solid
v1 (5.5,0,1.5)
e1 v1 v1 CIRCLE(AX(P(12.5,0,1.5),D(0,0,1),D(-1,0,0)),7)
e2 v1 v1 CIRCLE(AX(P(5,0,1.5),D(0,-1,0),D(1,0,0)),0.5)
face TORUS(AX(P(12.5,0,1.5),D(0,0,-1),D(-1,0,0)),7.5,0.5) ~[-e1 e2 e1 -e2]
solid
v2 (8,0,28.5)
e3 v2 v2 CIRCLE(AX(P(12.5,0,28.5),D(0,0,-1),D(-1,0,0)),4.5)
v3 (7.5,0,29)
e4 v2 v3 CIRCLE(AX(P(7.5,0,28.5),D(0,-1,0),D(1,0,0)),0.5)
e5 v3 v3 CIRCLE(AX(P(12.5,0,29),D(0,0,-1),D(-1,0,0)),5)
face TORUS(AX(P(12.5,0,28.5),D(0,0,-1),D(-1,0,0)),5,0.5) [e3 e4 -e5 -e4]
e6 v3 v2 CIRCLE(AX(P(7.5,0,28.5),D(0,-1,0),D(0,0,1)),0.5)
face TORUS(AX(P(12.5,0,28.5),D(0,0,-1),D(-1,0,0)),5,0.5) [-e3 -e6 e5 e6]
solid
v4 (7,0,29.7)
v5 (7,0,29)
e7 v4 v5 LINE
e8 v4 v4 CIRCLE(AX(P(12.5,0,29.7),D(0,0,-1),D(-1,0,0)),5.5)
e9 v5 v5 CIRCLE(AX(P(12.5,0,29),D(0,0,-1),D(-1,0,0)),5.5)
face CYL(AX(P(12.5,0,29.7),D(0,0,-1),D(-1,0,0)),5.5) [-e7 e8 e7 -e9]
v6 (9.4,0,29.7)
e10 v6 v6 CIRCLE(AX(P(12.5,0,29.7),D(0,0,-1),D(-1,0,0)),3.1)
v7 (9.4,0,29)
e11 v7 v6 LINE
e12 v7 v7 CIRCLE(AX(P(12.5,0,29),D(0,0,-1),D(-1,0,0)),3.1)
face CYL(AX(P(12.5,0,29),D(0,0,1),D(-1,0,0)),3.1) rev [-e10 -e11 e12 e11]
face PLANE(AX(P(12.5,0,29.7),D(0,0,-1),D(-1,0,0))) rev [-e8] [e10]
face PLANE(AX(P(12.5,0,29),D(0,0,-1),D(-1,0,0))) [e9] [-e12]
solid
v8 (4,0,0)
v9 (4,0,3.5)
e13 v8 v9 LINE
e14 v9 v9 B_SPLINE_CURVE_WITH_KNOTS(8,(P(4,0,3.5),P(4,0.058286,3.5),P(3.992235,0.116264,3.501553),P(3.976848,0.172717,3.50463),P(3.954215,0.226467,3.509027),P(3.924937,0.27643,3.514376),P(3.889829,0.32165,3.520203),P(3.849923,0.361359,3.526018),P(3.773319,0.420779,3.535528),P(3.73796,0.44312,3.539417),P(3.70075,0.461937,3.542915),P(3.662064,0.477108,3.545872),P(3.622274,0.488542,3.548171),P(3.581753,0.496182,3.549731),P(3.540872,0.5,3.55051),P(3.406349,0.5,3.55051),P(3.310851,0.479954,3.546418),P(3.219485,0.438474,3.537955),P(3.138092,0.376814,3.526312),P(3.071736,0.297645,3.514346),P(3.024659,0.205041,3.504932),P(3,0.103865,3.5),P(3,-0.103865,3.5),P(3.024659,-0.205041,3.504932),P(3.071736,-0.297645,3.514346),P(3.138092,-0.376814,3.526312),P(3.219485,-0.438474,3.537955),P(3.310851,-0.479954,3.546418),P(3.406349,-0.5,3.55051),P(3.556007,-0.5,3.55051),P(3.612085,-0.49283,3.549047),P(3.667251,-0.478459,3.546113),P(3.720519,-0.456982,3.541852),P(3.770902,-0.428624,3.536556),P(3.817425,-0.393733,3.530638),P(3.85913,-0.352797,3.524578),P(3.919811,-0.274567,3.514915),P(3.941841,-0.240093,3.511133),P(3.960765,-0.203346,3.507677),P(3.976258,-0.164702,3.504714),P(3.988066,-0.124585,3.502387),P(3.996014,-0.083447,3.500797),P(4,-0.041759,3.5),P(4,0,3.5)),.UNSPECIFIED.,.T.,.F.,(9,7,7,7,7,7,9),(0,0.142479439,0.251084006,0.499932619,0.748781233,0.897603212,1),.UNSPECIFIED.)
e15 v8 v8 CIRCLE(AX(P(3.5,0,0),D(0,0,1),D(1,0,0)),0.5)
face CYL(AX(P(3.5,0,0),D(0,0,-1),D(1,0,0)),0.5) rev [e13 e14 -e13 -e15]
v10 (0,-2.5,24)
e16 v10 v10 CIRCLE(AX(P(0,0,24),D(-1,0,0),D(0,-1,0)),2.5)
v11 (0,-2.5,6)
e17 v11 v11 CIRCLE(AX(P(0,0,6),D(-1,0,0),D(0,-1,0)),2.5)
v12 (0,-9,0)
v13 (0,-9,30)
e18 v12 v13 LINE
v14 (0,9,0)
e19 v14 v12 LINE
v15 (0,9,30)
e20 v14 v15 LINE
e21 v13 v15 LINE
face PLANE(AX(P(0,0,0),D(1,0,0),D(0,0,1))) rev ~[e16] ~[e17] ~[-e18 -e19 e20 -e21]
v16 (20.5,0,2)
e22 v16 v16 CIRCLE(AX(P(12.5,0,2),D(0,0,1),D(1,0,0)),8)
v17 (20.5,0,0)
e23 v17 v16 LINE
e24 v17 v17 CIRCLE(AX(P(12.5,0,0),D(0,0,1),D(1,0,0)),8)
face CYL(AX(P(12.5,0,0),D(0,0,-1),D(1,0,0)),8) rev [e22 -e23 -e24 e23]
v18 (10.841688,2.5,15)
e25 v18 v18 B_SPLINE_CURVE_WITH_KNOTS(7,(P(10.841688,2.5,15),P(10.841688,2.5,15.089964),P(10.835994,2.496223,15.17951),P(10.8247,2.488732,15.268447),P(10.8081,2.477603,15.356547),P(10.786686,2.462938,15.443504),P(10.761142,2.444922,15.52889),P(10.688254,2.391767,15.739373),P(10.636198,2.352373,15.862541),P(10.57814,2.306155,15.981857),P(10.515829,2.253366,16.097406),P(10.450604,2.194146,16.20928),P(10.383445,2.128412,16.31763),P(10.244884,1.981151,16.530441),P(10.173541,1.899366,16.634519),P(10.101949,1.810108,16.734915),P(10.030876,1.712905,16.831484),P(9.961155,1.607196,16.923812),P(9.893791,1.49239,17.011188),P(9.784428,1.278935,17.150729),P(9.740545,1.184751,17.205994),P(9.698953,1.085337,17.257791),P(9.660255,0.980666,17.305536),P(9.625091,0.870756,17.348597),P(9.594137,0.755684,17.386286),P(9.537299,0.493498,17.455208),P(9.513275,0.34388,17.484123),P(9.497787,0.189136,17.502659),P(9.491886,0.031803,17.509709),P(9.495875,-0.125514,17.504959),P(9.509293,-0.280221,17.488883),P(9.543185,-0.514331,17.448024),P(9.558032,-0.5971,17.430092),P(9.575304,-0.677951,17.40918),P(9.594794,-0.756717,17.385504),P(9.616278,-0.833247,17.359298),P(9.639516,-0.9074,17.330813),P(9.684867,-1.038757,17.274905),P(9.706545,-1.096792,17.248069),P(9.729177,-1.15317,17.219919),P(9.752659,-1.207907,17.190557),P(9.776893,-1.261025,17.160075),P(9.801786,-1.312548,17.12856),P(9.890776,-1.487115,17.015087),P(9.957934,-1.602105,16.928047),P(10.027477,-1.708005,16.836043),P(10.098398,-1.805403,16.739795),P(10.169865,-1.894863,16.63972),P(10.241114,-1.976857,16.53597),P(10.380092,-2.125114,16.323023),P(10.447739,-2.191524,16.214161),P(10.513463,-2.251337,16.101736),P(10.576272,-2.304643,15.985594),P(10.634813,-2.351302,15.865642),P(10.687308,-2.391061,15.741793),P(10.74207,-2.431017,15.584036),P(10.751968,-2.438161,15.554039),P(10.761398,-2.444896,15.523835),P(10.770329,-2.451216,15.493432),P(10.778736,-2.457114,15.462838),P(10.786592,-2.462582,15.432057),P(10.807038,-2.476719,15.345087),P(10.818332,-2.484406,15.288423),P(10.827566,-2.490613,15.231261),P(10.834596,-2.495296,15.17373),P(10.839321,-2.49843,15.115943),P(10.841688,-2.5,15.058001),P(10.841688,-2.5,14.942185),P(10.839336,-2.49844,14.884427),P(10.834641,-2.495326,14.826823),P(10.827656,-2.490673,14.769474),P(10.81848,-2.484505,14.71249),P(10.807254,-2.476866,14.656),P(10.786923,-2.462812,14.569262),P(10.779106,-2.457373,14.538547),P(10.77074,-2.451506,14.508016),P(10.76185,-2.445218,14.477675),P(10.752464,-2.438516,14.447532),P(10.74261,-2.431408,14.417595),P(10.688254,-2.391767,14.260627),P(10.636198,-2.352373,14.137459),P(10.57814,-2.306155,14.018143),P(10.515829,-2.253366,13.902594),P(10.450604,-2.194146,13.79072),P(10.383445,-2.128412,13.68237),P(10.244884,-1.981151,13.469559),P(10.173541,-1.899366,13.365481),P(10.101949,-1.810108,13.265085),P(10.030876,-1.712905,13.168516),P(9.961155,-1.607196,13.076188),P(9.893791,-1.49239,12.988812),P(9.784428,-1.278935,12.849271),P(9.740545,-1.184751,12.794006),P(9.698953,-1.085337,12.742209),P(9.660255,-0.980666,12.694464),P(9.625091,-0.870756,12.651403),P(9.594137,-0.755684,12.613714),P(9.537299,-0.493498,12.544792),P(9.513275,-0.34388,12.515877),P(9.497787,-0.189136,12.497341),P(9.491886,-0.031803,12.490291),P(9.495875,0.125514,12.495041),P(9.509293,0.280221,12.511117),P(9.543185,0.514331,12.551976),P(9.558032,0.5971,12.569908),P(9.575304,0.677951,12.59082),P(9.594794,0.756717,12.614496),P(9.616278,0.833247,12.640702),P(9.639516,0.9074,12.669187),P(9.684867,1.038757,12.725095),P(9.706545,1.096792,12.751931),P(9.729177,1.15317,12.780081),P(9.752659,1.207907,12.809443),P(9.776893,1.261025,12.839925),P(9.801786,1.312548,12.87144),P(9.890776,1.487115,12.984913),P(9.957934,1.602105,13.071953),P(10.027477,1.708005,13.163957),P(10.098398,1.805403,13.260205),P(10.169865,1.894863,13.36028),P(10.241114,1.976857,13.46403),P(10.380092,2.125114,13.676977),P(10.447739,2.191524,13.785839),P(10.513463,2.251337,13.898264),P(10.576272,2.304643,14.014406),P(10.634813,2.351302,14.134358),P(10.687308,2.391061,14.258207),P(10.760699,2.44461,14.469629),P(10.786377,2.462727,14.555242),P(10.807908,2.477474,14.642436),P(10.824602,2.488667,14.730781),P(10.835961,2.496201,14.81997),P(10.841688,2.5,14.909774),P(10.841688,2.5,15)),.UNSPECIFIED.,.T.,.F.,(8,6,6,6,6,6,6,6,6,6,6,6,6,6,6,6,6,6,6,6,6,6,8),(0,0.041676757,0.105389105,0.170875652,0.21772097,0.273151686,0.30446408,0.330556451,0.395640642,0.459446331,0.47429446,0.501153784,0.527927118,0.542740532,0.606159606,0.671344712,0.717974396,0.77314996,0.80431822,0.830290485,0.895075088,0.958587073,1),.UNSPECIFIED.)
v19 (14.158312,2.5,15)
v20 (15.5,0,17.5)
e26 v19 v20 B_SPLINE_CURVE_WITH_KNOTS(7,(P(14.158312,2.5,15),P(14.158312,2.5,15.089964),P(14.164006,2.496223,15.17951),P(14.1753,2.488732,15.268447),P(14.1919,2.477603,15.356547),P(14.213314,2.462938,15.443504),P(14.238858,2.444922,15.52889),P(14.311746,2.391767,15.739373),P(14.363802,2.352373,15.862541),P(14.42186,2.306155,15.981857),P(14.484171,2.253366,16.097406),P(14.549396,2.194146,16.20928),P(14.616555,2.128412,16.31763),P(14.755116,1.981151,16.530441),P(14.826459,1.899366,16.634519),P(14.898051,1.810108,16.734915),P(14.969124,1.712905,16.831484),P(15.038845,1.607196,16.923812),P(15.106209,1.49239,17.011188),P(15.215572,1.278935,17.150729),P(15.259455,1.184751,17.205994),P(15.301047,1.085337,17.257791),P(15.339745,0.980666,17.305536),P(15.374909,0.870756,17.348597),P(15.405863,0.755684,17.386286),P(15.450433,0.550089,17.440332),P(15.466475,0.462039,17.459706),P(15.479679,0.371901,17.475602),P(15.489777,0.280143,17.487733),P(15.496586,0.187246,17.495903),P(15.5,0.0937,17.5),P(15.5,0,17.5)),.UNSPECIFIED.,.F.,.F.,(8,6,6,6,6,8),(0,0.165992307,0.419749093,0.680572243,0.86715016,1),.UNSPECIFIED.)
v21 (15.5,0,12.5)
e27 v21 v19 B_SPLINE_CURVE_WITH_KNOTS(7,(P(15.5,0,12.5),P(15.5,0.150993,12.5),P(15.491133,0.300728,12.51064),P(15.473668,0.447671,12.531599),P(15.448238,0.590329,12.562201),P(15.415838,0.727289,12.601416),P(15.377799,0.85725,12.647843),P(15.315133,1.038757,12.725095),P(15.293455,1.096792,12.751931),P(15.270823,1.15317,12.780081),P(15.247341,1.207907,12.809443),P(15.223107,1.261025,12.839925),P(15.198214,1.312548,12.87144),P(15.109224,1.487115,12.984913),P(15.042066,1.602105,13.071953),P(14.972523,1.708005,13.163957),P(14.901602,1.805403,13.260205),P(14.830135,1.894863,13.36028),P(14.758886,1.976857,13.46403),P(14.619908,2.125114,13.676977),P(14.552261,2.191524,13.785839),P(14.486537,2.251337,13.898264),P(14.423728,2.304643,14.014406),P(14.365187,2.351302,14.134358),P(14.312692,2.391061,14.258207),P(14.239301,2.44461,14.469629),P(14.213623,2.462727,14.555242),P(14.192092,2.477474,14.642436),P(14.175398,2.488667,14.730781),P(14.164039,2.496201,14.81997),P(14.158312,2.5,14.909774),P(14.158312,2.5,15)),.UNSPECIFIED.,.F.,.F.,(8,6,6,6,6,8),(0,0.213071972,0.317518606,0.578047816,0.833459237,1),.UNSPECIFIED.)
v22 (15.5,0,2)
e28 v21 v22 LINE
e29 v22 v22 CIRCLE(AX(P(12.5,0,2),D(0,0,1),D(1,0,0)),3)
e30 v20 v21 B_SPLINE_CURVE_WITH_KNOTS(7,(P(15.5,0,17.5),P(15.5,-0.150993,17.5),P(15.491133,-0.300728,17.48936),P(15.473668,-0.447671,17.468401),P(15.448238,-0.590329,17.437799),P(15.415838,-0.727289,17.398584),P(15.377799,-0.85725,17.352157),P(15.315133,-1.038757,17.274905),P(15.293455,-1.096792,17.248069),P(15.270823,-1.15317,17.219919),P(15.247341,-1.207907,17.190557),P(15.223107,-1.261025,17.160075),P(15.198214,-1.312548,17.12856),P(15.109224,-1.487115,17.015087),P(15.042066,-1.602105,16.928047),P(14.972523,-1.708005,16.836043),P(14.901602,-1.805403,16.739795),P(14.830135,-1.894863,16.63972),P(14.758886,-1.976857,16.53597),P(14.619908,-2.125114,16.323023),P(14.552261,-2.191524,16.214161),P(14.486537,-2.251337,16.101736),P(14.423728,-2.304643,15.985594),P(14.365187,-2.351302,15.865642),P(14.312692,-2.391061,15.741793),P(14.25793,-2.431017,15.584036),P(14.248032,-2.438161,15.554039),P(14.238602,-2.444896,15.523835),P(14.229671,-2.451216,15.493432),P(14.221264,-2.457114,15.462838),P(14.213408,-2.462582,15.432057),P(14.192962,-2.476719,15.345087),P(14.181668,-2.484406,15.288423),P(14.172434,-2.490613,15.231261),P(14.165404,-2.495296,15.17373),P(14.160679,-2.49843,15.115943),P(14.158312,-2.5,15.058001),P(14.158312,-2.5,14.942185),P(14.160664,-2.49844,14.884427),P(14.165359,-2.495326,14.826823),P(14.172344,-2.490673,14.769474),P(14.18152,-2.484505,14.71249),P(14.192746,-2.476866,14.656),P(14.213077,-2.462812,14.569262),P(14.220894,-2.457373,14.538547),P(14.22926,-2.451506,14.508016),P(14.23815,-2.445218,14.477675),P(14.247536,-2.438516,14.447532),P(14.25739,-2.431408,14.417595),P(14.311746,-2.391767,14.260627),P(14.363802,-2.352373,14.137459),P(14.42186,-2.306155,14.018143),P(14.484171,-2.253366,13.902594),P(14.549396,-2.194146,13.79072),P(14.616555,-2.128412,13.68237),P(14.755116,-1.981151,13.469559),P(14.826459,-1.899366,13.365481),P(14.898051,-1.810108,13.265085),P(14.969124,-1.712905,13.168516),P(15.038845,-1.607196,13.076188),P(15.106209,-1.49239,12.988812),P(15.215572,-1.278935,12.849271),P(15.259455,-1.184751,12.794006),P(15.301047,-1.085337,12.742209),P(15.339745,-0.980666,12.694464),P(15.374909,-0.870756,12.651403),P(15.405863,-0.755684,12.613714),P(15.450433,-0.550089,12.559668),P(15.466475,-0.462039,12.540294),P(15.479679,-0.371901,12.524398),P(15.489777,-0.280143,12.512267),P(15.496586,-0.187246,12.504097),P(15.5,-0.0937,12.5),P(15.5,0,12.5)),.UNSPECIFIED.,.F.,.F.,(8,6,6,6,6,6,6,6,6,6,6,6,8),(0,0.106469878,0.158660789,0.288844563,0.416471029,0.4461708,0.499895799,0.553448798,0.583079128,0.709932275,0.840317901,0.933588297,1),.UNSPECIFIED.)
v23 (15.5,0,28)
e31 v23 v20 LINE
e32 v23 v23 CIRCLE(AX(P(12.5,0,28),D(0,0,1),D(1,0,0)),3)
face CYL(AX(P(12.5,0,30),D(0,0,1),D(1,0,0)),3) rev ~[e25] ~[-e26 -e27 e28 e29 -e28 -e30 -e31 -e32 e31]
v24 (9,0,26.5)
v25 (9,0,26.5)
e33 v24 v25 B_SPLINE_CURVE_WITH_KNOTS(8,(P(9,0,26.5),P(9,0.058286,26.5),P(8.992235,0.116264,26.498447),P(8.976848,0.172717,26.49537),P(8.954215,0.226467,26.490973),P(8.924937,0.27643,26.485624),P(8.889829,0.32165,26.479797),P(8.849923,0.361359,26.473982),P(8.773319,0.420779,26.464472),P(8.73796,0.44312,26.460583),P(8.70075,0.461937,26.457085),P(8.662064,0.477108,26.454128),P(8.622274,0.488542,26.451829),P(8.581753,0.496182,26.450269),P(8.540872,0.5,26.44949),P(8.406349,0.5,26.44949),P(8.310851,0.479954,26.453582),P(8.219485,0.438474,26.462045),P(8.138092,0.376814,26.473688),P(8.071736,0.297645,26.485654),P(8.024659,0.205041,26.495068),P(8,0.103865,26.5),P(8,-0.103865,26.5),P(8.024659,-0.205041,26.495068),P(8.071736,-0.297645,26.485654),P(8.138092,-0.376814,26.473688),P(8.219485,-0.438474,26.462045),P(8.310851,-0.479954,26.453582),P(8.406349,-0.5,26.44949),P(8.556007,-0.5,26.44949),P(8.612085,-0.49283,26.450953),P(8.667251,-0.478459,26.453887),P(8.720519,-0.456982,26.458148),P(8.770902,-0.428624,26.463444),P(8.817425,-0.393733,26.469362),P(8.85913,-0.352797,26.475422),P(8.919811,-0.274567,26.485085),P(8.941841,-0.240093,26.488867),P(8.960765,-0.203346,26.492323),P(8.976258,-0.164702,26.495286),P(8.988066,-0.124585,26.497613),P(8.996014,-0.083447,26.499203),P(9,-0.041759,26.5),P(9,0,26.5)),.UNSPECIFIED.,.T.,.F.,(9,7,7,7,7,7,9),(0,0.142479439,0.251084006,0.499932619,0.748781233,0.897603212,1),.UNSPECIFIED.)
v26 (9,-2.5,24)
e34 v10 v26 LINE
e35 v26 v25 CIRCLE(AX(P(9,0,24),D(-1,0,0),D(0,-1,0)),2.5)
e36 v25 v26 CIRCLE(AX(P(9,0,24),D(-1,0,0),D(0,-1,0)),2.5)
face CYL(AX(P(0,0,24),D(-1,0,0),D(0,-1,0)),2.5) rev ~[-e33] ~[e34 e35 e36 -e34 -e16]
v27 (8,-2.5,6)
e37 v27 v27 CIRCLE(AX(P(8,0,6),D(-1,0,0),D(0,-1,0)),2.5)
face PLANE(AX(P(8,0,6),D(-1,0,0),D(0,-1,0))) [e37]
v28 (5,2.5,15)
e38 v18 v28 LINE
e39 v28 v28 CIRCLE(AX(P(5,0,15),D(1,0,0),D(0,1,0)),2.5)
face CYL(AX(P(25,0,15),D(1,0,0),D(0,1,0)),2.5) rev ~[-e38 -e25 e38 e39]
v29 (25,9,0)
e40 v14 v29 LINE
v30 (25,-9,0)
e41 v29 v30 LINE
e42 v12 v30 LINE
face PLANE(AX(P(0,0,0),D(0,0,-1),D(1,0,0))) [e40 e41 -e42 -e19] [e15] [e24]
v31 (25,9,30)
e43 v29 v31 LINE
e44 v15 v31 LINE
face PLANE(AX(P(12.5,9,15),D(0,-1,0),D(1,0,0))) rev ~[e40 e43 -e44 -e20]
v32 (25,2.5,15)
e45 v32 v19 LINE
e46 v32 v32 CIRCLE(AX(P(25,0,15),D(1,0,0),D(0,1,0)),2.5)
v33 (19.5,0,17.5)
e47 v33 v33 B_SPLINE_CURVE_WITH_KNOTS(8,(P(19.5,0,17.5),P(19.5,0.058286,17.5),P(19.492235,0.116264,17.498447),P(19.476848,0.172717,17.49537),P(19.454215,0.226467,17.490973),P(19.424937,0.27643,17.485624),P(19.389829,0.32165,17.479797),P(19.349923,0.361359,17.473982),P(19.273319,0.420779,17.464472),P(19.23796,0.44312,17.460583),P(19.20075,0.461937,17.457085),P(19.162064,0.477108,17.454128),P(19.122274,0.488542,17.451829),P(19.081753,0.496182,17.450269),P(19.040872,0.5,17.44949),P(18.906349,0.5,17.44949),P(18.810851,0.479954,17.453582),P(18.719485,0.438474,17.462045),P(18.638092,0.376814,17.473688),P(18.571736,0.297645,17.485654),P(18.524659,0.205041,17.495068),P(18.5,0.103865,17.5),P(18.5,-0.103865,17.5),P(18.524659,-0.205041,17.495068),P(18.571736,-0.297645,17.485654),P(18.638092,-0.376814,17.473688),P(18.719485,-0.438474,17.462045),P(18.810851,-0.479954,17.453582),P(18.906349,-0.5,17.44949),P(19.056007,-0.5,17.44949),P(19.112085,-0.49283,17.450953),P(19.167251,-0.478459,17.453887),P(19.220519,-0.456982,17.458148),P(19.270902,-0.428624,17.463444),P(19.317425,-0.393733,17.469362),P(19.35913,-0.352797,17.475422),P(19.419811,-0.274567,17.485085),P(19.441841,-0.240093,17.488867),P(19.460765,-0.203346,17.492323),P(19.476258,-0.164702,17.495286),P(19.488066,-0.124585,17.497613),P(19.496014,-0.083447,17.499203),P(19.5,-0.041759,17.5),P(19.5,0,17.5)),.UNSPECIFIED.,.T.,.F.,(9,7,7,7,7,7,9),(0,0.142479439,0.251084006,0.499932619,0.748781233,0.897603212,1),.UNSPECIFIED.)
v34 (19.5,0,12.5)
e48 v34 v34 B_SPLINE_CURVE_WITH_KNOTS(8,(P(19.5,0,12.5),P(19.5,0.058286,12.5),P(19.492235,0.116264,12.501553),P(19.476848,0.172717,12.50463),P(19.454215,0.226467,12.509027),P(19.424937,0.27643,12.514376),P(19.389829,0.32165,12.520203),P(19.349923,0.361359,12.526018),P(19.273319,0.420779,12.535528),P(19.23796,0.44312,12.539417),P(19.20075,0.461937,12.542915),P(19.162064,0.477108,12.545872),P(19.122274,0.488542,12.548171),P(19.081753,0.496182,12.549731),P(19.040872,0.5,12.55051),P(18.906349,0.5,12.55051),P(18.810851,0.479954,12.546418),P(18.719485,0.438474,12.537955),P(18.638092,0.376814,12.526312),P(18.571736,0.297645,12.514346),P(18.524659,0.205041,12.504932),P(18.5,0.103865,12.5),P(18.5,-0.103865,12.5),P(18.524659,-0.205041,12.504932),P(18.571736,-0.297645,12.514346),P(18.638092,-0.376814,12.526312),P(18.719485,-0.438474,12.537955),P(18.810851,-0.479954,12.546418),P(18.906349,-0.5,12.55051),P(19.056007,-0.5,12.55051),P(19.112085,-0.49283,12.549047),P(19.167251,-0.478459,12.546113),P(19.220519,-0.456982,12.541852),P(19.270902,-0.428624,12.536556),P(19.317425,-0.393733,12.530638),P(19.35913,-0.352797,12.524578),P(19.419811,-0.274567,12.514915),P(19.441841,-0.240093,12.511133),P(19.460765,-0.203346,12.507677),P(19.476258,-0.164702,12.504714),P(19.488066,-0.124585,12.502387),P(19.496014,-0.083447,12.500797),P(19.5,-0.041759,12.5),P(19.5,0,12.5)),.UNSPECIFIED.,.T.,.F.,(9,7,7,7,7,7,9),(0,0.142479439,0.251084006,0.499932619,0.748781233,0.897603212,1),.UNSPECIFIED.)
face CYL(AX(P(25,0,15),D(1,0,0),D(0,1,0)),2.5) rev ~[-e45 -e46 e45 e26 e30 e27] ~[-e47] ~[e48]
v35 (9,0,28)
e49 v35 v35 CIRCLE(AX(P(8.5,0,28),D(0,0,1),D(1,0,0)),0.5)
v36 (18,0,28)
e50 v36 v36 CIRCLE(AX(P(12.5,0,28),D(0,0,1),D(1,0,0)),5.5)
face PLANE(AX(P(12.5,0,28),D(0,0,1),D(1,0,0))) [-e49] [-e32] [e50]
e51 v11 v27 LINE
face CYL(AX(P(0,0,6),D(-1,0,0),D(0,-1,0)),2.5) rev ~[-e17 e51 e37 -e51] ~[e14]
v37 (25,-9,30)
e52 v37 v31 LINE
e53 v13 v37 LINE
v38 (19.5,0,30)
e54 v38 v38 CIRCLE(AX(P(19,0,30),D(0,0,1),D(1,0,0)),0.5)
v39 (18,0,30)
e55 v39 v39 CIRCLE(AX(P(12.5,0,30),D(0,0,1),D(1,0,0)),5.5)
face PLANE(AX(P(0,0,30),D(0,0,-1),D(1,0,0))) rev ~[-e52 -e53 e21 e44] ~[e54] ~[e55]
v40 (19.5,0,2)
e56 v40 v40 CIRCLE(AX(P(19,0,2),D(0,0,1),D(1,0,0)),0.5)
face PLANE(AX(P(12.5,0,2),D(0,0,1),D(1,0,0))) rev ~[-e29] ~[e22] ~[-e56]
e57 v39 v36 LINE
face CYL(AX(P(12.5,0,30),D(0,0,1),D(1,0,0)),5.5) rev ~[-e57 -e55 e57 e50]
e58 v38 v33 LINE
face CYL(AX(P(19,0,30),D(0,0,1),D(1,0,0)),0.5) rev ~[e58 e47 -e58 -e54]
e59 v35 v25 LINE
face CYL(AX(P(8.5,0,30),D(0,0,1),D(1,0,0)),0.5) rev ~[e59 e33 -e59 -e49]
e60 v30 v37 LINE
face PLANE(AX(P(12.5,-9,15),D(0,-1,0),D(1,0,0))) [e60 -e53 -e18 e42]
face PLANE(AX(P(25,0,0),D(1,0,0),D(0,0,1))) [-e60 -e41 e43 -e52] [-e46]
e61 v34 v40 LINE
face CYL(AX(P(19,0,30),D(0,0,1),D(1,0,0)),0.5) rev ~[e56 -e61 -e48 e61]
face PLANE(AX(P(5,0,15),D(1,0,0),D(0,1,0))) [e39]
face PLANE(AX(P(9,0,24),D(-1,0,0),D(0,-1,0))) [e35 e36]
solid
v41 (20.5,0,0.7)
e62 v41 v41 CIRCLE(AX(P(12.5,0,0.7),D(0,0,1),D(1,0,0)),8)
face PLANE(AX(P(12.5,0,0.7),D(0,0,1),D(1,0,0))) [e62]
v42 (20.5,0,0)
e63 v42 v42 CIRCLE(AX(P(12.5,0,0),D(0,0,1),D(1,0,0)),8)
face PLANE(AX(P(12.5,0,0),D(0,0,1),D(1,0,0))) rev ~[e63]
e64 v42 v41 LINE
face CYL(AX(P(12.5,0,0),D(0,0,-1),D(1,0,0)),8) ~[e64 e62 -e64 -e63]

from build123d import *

# Parameters (mm, degrees)
F0_W      = 25
F0_H      = 30
F1_DEPTH  = 9
F12_R     = 2.5
F2_DEPTH  = 20
F13_R     = 3
F3_DEPTH  = 30.001
F13_R_2   = 0.5
F14_DEPTH = 30.0010001
F4_R      = 2.5
F5_DEPTH  = 8
F6_R      = 0.5
F15_DEPTH = 3.5515103572
F7_DEPTH  = 9
F16_DEPTH = 3.5515103572
F13_R_3   = 5.5
F8_DEPTH  = 2
F6_R_2    = 8
F9_DEPTH  = 2
F10_R     = 0.5
F11_DEPTH = 0.7


with BuildPart() as f1:
    # F0 (on Front) → F1 (new body, symmetric)
    with BuildSketch(Plane.XZ):
        with Locations((12.5, 15)):
            Rectangle(F0_W, F0_H)
    extrude(amount=F1_DEPTH, both=True)

    # F12 (on face) → F2 (cut)
    with BuildSketch(Plane.YZ.offset(25)):
        with Locations((0, 15)):
            Circle(F12_R)
    extrude(amount=-F2_DEPTH, mode=Mode.SUBTRACT)

    # F13 (on face) → F3 (cut, through all)
    with BuildSketch(Plane.XY.offset(30)):
        with Locations((12.5, 0)):
            Circle(F13_R)
    extrude(amount=-F3_DEPTH, mode=Mode.SUBTRACT)

    # F13 (on face) → F14 (cut, through all)
    with BuildSketch(Plane.XY.offset(30)):
        with Locations((19, 0)):
            Circle(F13_R_2)
    extrude(amount=-F14_DEPTH, mode=Mode.SUBTRACT)

    # F4 (on face) → F5 (cut)
    with BuildSketch(Plane(origin=(0, 0, 0), x_dir=(0, -1, 0), z_dir=(-1, 0, 0))):
        with Locations((0, 6)):
            Circle(F4_R)
    extrude(amount=-F5_DEPTH, mode=Mode.SUBTRACT)

    # F6 (on Top) → F15 (cut, through all)
    with BuildSketch(Plane.XY):
        with Locations((3.5, 0)):
            Circle(F6_R)
    extrude(amount=F15_DEPTH, mode=Mode.SUBTRACT)

    # F4 (on face) → F7 (cut)
    with BuildSketch(Plane(origin=(0, 0, 0), x_dir=(0, -1, 0), z_dir=(-1, 0, 0))):
        with Locations((0, 24)):
            Circle(F4_R)
    extrude(amount=-F7_DEPTH, mode=Mode.SUBTRACT)

    # F13 (on face) → F16 (cut, through all)
    with BuildSketch(Plane.XY.offset(30)):
        with Locations((8.5, 0)):
            Circle(F13_R_2)
    extrude(amount=-F16_DEPTH, mode=Mode.SUBTRACT)

    # F13 (on face) → F8 (cut)
    with BuildSketch(Plane.XY.offset(30)):
        with Locations((12.5, 0)):
            Circle(F13_R_3)
        with Locations((8.5, 0)):
            Circle(F13_R_2, mode=Mode.SUBTRACT)
        with Locations((12.5, 0)):
            Circle(F13_R, mode=Mode.SUBTRACT)
    extrude(amount=-F8_DEPTH, mode=Mode.SUBTRACT)

    # F6 (on Top) → F9 (cut)
    with BuildSketch(Plane.XY):
        with Locations((12.5, 0)):
            Circle(F6_R_2)
    extrude(amount=F9_DEPTH, mode=Mode.SUBTRACT)


with BuildPart() as f17:
    # F10 (on Front) → F17 (revolve)
    with BuildSketch(Plane.XZ):
        with BuildLine():
            ThreePointArc((7.5, 29), (7.1464466094, 28.1464466094), (8, 28.5))
            ThreePointArc((8, 28.5), (7.8535533906, 28.8535533906), (7.5, 29))
        make_face()
    revolve(axis=Axis((12.5, 0, 29), (0, 0, -1)))


with BuildPart() as f18:
    # F10 (on Front) → F18 (revolve)
    with BuildSketch(Plane.XZ):
        Polygon((7, 29), (7.5, 29), (9.4, 29), (9.4, 29.7), (7, 29.7), align=None)
    revolve(axis=Axis((12.5, 0, 29), (0, 0, -1)))


with BuildPart() as f19:
    # F10 (on Front) → F19 (revolve)
    with BuildSketch(Plane.XZ):
        with Locations((5, 1.5)):
            Circle(F10_R)
    revolve(axis=Axis((12.5, 0, 1), (0, 0, 1)))


with BuildPart() as f11:
    # F6 (on Top) → F11 (new body)
    with BuildSketch(Plane.XY):
        with Locations((12.5, 0)):
            Circle(F6_R_2)
    extrude(amount=F11_DEPTH)


solid = Compound([f1.part, f17.part, f18.part, f19.part, f11.part])
